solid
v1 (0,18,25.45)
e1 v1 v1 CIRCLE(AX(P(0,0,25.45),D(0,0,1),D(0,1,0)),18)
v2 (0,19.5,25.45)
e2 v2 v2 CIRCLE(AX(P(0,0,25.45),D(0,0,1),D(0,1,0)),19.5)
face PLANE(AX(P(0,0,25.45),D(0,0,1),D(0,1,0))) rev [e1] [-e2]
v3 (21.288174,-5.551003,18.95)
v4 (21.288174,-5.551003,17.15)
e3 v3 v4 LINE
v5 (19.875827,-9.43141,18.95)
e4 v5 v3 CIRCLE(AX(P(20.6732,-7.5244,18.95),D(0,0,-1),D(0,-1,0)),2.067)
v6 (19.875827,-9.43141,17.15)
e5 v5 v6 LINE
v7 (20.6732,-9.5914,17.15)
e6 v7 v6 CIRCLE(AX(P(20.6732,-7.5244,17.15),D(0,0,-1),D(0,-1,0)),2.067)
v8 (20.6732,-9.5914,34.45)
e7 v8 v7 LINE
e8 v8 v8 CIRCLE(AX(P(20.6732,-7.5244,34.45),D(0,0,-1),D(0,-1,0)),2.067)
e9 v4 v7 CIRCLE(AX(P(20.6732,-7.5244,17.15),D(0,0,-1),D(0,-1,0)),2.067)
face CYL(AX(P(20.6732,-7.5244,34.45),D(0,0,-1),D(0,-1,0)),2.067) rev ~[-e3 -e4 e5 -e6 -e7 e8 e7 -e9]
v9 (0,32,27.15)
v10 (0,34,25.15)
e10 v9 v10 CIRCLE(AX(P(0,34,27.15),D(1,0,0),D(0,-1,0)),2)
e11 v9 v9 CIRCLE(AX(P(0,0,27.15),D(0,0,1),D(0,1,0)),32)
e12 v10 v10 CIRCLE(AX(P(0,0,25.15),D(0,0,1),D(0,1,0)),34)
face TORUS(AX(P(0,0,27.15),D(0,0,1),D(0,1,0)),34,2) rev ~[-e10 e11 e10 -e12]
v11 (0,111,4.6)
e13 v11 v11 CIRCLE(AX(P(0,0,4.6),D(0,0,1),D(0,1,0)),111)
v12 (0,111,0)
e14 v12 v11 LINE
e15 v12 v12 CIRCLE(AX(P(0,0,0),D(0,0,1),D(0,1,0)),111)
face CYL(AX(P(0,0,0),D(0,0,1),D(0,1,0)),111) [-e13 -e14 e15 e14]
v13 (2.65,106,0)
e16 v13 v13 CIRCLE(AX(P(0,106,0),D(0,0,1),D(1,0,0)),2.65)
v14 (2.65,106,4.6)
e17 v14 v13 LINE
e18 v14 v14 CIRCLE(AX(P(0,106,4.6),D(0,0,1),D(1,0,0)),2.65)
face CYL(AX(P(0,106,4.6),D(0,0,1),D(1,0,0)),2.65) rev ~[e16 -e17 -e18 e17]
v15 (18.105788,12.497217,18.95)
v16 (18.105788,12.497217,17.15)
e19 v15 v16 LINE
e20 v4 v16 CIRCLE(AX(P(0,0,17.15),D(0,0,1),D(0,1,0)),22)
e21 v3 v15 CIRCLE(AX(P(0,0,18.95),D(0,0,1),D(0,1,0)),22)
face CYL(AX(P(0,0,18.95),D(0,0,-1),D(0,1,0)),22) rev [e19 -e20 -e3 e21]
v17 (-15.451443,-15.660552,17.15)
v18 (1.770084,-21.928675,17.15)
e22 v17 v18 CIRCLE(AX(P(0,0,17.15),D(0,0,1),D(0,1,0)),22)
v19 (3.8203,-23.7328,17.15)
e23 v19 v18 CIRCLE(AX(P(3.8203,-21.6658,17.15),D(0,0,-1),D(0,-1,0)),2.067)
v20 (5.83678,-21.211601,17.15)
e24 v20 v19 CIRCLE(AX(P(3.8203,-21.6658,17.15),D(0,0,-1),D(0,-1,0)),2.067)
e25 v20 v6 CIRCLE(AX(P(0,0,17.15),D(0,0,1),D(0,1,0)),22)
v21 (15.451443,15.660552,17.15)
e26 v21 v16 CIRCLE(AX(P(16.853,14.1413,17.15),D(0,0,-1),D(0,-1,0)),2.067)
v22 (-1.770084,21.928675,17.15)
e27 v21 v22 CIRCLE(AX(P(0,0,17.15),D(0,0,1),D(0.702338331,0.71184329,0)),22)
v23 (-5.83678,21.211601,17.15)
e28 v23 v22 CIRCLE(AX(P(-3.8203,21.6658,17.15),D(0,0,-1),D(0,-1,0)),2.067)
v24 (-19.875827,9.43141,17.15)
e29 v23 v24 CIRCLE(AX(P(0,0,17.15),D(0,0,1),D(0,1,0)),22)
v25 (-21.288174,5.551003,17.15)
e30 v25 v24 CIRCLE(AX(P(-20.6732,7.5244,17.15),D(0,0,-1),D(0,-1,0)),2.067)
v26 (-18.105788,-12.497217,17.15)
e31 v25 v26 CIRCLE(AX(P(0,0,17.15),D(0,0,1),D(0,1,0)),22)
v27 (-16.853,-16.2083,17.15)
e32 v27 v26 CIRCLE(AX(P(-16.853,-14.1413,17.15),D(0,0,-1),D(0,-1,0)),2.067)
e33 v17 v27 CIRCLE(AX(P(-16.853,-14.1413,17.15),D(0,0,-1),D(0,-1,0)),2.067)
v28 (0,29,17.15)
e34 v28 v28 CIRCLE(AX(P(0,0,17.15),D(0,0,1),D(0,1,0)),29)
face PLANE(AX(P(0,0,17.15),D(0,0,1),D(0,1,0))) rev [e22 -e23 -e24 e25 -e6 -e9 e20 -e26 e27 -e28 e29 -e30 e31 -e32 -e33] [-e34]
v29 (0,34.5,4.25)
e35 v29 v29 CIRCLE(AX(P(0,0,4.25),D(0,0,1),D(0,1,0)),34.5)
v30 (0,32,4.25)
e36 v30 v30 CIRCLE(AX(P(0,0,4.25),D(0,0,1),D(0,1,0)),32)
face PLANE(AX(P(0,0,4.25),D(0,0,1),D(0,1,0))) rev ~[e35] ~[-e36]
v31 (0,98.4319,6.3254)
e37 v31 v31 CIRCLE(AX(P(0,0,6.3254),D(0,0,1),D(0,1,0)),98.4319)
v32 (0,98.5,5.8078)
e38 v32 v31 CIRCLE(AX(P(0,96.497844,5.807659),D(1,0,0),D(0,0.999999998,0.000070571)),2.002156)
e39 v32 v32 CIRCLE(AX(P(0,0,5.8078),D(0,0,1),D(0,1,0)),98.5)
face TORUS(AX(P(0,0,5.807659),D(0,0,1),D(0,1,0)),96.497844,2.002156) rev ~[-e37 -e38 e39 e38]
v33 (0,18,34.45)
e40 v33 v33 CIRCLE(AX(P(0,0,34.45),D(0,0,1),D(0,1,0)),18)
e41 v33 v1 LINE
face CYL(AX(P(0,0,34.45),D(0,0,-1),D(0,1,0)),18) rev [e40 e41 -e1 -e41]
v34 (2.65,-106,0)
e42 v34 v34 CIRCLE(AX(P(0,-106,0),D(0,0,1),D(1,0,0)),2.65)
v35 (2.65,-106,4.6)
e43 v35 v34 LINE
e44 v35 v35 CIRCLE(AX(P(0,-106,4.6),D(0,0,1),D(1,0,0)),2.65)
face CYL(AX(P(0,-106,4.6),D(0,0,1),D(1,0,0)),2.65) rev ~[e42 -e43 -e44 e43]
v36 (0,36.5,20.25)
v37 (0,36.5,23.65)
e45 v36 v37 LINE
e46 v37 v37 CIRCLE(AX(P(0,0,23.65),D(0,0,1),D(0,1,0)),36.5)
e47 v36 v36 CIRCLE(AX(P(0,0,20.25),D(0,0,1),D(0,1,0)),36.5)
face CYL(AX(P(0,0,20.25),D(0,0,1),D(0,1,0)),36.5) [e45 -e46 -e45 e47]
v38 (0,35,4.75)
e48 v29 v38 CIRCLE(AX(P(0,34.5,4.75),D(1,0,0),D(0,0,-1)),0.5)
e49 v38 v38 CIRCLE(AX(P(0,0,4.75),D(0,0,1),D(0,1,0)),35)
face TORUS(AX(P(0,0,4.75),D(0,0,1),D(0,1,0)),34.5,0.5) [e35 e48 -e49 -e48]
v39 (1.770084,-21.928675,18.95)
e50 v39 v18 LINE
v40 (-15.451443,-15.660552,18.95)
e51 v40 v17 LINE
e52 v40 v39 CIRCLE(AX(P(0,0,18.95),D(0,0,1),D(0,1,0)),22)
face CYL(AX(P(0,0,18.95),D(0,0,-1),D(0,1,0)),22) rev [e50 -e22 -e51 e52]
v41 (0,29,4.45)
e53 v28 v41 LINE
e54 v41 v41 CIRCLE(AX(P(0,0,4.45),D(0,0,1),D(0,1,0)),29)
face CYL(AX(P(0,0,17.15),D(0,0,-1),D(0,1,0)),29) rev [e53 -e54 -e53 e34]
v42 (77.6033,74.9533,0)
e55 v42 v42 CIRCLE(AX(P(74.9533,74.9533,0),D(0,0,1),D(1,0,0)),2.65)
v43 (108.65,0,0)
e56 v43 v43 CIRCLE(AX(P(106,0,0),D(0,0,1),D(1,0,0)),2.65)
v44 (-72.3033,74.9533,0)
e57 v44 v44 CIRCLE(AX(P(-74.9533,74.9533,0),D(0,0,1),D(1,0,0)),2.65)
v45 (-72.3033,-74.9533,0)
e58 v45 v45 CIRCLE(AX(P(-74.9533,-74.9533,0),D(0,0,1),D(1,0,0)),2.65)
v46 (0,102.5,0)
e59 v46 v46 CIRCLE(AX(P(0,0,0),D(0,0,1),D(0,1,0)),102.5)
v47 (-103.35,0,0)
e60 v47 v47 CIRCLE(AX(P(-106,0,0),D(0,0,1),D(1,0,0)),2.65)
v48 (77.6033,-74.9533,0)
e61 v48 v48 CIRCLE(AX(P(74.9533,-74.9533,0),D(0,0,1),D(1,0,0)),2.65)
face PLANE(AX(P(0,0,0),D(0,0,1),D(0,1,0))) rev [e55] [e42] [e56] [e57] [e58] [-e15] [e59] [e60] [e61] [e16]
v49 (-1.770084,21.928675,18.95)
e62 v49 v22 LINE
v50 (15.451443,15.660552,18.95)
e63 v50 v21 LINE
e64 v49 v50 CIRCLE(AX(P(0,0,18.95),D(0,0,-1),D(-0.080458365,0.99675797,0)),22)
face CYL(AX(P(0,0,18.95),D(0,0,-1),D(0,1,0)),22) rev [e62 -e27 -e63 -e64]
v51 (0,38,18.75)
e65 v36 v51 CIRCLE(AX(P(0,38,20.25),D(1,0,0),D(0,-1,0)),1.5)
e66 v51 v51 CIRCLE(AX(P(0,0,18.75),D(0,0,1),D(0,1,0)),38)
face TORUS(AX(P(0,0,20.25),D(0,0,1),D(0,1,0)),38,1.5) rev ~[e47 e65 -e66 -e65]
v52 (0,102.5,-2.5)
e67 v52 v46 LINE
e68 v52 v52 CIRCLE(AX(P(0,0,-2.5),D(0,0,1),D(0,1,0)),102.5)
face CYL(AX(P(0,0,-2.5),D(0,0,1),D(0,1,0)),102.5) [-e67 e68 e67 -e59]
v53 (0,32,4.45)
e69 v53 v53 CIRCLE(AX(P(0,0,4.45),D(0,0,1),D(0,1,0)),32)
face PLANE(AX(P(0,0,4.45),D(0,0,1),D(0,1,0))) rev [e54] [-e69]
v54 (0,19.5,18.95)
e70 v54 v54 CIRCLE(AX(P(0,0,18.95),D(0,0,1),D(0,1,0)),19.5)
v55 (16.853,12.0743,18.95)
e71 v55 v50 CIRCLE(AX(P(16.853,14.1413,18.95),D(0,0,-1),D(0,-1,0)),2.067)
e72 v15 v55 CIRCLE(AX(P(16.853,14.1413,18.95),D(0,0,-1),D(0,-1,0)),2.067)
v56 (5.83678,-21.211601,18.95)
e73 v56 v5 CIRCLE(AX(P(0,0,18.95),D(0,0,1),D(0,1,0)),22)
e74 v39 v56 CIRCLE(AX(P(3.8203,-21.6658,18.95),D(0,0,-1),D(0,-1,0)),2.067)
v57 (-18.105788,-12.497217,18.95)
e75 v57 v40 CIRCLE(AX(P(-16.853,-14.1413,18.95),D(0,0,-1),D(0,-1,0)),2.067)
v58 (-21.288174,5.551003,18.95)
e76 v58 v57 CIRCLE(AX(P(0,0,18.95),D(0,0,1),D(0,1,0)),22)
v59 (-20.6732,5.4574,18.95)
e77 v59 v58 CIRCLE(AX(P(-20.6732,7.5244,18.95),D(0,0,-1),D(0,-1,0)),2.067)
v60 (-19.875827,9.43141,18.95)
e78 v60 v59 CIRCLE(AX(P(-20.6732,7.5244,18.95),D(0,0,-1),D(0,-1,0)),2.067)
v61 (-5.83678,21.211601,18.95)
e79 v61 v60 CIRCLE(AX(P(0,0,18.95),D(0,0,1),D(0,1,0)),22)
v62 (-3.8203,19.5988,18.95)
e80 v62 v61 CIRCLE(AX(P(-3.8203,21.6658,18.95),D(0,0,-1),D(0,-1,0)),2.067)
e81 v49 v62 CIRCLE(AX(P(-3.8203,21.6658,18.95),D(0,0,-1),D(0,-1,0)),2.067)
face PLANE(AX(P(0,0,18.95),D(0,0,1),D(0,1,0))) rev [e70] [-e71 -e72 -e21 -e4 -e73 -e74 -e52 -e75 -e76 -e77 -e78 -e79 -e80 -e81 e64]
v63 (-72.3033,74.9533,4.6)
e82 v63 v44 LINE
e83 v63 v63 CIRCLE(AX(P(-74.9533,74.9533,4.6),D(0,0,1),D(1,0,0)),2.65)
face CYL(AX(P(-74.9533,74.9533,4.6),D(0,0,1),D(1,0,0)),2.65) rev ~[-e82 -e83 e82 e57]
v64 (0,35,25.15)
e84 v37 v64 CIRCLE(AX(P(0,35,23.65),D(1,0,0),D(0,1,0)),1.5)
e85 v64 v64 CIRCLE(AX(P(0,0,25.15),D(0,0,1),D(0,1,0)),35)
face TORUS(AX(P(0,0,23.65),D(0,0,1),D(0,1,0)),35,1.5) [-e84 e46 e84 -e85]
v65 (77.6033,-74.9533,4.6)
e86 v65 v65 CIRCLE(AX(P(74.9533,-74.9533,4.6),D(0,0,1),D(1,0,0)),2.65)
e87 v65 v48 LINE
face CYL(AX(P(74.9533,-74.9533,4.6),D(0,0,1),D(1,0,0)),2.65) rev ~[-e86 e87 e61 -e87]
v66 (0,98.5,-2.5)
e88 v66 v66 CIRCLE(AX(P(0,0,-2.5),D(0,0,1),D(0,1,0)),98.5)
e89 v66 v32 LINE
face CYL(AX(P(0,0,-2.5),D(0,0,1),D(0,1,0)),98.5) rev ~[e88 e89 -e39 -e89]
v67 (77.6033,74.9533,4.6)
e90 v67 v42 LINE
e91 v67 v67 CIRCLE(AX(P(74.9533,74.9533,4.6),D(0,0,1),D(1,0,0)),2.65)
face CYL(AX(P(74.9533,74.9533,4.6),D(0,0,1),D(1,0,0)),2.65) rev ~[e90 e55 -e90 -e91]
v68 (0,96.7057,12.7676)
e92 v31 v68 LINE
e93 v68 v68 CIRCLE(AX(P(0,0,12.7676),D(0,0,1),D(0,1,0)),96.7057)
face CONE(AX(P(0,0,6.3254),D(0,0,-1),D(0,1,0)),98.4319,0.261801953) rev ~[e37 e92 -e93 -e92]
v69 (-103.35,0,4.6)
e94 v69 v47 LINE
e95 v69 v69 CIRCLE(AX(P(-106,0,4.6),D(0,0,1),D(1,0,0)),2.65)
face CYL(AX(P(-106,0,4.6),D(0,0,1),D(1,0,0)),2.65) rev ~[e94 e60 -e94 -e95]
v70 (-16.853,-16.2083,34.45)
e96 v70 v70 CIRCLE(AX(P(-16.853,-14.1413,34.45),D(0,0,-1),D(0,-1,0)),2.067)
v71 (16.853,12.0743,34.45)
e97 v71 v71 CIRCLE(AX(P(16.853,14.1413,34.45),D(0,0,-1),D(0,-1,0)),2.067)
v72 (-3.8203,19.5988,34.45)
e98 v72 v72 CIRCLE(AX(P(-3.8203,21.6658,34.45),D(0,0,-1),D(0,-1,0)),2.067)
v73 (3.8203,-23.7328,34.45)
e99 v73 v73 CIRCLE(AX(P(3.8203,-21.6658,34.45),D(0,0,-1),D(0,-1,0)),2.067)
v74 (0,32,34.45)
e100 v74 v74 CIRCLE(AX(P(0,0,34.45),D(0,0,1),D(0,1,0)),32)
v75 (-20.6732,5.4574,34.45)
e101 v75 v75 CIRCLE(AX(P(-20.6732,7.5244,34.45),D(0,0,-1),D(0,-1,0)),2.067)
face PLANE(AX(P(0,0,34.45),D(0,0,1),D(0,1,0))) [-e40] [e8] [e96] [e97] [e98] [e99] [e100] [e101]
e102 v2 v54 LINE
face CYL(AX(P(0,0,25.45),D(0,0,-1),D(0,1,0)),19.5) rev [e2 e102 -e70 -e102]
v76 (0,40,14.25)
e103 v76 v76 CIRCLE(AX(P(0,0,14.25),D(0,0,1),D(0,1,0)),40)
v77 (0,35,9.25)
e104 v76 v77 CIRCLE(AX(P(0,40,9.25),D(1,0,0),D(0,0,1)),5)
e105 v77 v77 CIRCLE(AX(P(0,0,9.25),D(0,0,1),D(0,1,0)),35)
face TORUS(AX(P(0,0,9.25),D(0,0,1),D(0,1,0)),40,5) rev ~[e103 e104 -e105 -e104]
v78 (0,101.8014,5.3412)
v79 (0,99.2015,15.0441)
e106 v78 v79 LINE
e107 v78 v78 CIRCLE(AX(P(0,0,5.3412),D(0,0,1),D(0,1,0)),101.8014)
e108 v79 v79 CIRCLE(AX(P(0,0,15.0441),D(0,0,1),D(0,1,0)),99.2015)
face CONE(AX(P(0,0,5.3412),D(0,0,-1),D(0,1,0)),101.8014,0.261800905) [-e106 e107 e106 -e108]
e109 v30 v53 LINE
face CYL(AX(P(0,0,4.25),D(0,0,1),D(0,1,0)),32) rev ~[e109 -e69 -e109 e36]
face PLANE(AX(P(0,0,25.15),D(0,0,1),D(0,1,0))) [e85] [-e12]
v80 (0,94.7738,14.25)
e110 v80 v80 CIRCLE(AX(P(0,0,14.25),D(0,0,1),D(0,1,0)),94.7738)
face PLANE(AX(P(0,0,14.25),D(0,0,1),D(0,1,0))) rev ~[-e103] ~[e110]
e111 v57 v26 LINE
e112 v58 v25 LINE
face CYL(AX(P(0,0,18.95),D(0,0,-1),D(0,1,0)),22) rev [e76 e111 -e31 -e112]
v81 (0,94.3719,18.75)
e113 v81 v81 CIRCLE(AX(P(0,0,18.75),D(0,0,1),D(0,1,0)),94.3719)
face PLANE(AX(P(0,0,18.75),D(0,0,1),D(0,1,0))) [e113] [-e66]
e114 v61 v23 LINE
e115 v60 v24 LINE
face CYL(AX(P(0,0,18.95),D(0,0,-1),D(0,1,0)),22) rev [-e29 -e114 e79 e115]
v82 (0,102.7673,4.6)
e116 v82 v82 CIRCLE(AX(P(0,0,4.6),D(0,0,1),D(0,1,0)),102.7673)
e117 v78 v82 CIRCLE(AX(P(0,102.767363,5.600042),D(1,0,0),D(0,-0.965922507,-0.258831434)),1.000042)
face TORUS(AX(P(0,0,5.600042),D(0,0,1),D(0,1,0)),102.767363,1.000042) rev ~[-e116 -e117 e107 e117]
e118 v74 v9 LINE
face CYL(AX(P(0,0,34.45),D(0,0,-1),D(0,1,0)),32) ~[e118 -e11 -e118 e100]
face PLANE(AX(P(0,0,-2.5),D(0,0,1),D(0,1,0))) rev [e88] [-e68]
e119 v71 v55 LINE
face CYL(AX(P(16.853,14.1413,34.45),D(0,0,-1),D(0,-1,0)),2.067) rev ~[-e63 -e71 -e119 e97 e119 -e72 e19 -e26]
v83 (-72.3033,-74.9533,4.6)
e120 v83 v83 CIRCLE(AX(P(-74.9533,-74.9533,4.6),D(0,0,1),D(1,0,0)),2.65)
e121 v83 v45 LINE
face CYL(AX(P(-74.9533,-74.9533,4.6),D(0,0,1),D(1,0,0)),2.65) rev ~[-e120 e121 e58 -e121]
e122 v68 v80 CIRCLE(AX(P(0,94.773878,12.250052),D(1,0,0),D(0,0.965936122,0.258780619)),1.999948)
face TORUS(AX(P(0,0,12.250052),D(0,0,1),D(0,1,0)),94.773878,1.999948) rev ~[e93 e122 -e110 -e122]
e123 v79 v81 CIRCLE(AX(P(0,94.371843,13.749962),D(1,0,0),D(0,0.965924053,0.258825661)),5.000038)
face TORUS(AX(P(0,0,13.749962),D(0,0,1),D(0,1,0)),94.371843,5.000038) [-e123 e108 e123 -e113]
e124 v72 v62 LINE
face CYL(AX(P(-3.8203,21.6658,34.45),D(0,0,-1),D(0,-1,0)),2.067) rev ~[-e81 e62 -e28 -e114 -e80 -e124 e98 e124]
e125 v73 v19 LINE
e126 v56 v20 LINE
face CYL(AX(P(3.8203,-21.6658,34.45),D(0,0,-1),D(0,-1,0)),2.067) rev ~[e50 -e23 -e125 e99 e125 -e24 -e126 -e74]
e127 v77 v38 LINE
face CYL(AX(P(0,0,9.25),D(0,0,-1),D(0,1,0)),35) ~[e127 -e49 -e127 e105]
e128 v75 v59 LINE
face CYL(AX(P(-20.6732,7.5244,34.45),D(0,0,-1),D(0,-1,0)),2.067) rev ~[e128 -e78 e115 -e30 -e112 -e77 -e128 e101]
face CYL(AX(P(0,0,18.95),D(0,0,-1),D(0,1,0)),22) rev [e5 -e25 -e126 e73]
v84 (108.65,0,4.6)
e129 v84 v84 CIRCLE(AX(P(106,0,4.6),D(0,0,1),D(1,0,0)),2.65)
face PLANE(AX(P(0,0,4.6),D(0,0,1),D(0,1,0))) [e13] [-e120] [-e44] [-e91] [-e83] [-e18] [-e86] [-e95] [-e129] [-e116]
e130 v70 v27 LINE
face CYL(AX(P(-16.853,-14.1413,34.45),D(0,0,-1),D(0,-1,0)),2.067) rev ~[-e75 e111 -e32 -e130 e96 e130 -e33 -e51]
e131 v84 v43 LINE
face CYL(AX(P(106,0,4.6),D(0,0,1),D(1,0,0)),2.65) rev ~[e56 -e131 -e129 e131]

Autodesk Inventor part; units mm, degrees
ref_plane "YZ Plane" through (0, 0, 0) normal (1, 0, 0) x (0, 1, 0)
ref_plane "XZ Plane" through (0, 0, 0) normal (0, 1, 0) x (-1, 0, 0)
ref_plane "XY Plane" through (0, 0, 0) normal (0, 0, 1) x (1, 0, 0)
sketch "Esquisse1" plane through (0, 0, 0) normal (1, 0, 0) x (0, 1, 0)
  line L0 (0, 0) -> (0, 50.75) construction
  line L1 (98.5, -2.5) -> (102.5, -2.5)
  line L2 (102.5, -2.5) -> (102.5, 0)
  line L3 (102.5, 0) -> (111, 0)
  line L4 (111, 0) -> (111, 4.6)
  line L5 (111, 4.6) -> (102.7673, 4.6)
  line L6 (28, 34.45) -> (32, 34.45)
  line L7 (32, 34.45) -> (32, 27.15)
  line L8 (101.8014, 5.3412) -> (99.2015, 15.0441)
  arc A0 (99.2015, 15.0441) -> (94.3719, 18.75) centre (94.3719, 13.75) ccw
  line L9 (94.3719, 18.75) -> (38, 18.75)
  arc A1 (36.5, 20.25) -> (38, 18.75) centre (38, 20.25) ccw
  line L10 (36.5, 20.25) -> (36.5, 23.65)
  arc A2 (36.5, 23.65) -> (35, 25.15) centre (35, 23.65) ccw
  line L11 (35, 25.15) -> (34, 25.15)
  arc A3 (32, 27.15) -> (34, 25.15) centre (34, 27.15) ccw
  line L12 (98.5, -2.5) -> (98.5, 5.8078)
  line L13 (98.4319, 6.3254) -> (96.7057, 12.7676)
  arc A4 (101.8014, 5.3412) -> (102.7673, 4.6) centre (102.7673, 5.6) ccw
  arc A5 (98.5, 5.8078) -> (98.4319, 6.3254) centre (96.5, 5.8078) ccw
  line L14 (94.7738, 14.25) -> (40, 14.25)
  arc A6 (96.7057, 12.7676) -> (94.7738, 14.25) centre (94.7738, 12.25) ccw
  line L15 (35, 9.25) -> (35, 4.75)
  arc A7 (40, 14.25) -> (35, 9.25) centre (40, 9.25) ccw
  line L16 (34.5, 4.25) -> (32, 4.25)
  arc A8 (34.5, 4.25) -> (35, 4.75) centre (34.5, 4.75) ccw
  line L17 (32, 4.25) -> (32, 22.25)
  line L18 (32, 22.25) -> (28, 22.25)
  line L19 (28, 22.25) -> (28, 34.45)
  point P0 (102, 4.6)
  point P1 (98.5, 6.0711)
  dimension "d0" = 111
  dimension "d1" = 102.5
  dimension "d3" = 2.5
  dimension "d4" = 4.6
  dimension "d5" = 0.5
  dimension "d8" = 5
  dimension "d9" = 1.5
  dimension "d10" = 1.5
  dimension "d11" = 15.7
  dimension "d13" = 32
  dimension "d14" = 36.5
  dimension "d15" = 2
  dimension "d16" = 105
  dimension "d17" = 50.75
  dimension "d41" = 16.3
  dimension "d42" = 9.3
  dimension "d43" = 98.5
  dimension "d44" = 1
  dimension "d45" = 2
  dimension "d46" = 2
  dimension "d47" = 3
  dimension "d48" = 4.5
  dimension "d49" = 5
  dimension "d50" = 0.5
  dimension "d51" = 10
  dimension "d52" = 32
  dimension "d53" = 3
  dimension "d54" = 18
  dimension "d55" = 4
revolve "Révolution1" add sketch "Esquisse1" angle 360 about axis through (0, 0, 0) along (0, 0, 1)
sketch "Esquisse2" plane through (0, 0, 4.6) normal (0, 0, 1) x (1, 0, 0)
  circle A0 centre (-106, 0) radius 2.65
  circle A1 centre (-74.9533, 74.9533) radius 2.65
  circle A2 centre (0, 106) radius 2.65
  circle A3 centre (74.9533, 74.9533) radius 2.65
  circle A4 centre (106, 0) radius 2.65
  circle A5 centre (74.9533, -74.9533) radius 2.65
  circle A6 centre (0, -106) radius 2.65
  circle A7 centre (-74.9533, -74.9533) radius 2.65
  line L0 (0, 0) -> (-106, 0) construction
  dimension "d19" = 5.3
  dimension "d22" = 360
  dimension "d24" = 212
extrude "Extrusion1" cut sketch "Esquisse2" against normal through all
sketch "Esquisse4" plane through (0, 0, 0) normal (1, 0, 0) x (0, 1, 0)
  line L0 (0, 0) -> (0, 50.75) construction
  line L1 (18, 34.45) -> (18, 25.45)
  line L2 (18, 25.45) -> (19.5, 25.45)
  line L3 (19.5, 25.45) -> (19.5, 18.95)
  line L4 (19.5, 18.95) -> (22, 18.95)
  line L5 (22, 18.95) -> (22, 17.15)
  line L6 (22, 17.15) -> (29, 17.15)
  line L7 (29, 17.15) -> (29, 4.45)
  line L8 (29, 4.45) -> (32, 4.45)
  line L9 (32, 4.45) -> (32, 22.45)
  line L10 (32, 22.45) -> (28, 22.45)
  line L11 (28, 22.45) -> (28, 34.45)
  line L12 (28, 34.45) -> (18, 34.45)
  dimension "d56" = 50.75
  dimension "d57" = 16.3
  dimension "d58" = 18
  dimension "d59" = 9
  dimension "d60" = 19.5
  dimension "d61" = 6.5
  dimension "d62" = 22
  dimension "d63" = 1.8
  dimension "d64" = 29
  dimension "d65" = 32
  dimension "d66" = 18
  dimension "d67" = 12
  dimension "d68" = 28
revolve "Révolution2" add sketch "Esquisse4" angle 360 about axis through (0, 0, 0) along (0, 0, 1)
sketch "Esquisse3" plane through (0, 0, 34.45) normal (0, 0, 1) x (1, 0, 0)
  line L0 (0, 0) -> (-3.8203, 21.6658) construction
  line L1 (0, 0) -> (0, 17) construction
  circle A0 centre (0, 0) radius 17 projected
  point P0 (-20.6732, 7.5244)
  point P1 (-16.853, -14.1413)
  point P2 (3.8203, -21.6658)
  point P3 (20.6732, -7.5244)
  point P4 (16.853, 14.1413)
  dimension "d27" = 22
  dimension "d28" = 10
  dimension "d31" = 360
hole "Perçage1" at (-3.8203, 21.6658, 34.45) at (-20.6732, 7.5244, 34.45) at (-16.853, -14.1413, 34.45) at (3.8203, -21.6658, 34.45) at (20.6732, -7.5244, 34.45) at (16.853, 14.1413, 34.45) direction (0, 0, -1) diameter 4.134 end through all thread size "M5x0.8" class "6H" standard "ISO Metric profile"
properties part number "Flasque 1"
